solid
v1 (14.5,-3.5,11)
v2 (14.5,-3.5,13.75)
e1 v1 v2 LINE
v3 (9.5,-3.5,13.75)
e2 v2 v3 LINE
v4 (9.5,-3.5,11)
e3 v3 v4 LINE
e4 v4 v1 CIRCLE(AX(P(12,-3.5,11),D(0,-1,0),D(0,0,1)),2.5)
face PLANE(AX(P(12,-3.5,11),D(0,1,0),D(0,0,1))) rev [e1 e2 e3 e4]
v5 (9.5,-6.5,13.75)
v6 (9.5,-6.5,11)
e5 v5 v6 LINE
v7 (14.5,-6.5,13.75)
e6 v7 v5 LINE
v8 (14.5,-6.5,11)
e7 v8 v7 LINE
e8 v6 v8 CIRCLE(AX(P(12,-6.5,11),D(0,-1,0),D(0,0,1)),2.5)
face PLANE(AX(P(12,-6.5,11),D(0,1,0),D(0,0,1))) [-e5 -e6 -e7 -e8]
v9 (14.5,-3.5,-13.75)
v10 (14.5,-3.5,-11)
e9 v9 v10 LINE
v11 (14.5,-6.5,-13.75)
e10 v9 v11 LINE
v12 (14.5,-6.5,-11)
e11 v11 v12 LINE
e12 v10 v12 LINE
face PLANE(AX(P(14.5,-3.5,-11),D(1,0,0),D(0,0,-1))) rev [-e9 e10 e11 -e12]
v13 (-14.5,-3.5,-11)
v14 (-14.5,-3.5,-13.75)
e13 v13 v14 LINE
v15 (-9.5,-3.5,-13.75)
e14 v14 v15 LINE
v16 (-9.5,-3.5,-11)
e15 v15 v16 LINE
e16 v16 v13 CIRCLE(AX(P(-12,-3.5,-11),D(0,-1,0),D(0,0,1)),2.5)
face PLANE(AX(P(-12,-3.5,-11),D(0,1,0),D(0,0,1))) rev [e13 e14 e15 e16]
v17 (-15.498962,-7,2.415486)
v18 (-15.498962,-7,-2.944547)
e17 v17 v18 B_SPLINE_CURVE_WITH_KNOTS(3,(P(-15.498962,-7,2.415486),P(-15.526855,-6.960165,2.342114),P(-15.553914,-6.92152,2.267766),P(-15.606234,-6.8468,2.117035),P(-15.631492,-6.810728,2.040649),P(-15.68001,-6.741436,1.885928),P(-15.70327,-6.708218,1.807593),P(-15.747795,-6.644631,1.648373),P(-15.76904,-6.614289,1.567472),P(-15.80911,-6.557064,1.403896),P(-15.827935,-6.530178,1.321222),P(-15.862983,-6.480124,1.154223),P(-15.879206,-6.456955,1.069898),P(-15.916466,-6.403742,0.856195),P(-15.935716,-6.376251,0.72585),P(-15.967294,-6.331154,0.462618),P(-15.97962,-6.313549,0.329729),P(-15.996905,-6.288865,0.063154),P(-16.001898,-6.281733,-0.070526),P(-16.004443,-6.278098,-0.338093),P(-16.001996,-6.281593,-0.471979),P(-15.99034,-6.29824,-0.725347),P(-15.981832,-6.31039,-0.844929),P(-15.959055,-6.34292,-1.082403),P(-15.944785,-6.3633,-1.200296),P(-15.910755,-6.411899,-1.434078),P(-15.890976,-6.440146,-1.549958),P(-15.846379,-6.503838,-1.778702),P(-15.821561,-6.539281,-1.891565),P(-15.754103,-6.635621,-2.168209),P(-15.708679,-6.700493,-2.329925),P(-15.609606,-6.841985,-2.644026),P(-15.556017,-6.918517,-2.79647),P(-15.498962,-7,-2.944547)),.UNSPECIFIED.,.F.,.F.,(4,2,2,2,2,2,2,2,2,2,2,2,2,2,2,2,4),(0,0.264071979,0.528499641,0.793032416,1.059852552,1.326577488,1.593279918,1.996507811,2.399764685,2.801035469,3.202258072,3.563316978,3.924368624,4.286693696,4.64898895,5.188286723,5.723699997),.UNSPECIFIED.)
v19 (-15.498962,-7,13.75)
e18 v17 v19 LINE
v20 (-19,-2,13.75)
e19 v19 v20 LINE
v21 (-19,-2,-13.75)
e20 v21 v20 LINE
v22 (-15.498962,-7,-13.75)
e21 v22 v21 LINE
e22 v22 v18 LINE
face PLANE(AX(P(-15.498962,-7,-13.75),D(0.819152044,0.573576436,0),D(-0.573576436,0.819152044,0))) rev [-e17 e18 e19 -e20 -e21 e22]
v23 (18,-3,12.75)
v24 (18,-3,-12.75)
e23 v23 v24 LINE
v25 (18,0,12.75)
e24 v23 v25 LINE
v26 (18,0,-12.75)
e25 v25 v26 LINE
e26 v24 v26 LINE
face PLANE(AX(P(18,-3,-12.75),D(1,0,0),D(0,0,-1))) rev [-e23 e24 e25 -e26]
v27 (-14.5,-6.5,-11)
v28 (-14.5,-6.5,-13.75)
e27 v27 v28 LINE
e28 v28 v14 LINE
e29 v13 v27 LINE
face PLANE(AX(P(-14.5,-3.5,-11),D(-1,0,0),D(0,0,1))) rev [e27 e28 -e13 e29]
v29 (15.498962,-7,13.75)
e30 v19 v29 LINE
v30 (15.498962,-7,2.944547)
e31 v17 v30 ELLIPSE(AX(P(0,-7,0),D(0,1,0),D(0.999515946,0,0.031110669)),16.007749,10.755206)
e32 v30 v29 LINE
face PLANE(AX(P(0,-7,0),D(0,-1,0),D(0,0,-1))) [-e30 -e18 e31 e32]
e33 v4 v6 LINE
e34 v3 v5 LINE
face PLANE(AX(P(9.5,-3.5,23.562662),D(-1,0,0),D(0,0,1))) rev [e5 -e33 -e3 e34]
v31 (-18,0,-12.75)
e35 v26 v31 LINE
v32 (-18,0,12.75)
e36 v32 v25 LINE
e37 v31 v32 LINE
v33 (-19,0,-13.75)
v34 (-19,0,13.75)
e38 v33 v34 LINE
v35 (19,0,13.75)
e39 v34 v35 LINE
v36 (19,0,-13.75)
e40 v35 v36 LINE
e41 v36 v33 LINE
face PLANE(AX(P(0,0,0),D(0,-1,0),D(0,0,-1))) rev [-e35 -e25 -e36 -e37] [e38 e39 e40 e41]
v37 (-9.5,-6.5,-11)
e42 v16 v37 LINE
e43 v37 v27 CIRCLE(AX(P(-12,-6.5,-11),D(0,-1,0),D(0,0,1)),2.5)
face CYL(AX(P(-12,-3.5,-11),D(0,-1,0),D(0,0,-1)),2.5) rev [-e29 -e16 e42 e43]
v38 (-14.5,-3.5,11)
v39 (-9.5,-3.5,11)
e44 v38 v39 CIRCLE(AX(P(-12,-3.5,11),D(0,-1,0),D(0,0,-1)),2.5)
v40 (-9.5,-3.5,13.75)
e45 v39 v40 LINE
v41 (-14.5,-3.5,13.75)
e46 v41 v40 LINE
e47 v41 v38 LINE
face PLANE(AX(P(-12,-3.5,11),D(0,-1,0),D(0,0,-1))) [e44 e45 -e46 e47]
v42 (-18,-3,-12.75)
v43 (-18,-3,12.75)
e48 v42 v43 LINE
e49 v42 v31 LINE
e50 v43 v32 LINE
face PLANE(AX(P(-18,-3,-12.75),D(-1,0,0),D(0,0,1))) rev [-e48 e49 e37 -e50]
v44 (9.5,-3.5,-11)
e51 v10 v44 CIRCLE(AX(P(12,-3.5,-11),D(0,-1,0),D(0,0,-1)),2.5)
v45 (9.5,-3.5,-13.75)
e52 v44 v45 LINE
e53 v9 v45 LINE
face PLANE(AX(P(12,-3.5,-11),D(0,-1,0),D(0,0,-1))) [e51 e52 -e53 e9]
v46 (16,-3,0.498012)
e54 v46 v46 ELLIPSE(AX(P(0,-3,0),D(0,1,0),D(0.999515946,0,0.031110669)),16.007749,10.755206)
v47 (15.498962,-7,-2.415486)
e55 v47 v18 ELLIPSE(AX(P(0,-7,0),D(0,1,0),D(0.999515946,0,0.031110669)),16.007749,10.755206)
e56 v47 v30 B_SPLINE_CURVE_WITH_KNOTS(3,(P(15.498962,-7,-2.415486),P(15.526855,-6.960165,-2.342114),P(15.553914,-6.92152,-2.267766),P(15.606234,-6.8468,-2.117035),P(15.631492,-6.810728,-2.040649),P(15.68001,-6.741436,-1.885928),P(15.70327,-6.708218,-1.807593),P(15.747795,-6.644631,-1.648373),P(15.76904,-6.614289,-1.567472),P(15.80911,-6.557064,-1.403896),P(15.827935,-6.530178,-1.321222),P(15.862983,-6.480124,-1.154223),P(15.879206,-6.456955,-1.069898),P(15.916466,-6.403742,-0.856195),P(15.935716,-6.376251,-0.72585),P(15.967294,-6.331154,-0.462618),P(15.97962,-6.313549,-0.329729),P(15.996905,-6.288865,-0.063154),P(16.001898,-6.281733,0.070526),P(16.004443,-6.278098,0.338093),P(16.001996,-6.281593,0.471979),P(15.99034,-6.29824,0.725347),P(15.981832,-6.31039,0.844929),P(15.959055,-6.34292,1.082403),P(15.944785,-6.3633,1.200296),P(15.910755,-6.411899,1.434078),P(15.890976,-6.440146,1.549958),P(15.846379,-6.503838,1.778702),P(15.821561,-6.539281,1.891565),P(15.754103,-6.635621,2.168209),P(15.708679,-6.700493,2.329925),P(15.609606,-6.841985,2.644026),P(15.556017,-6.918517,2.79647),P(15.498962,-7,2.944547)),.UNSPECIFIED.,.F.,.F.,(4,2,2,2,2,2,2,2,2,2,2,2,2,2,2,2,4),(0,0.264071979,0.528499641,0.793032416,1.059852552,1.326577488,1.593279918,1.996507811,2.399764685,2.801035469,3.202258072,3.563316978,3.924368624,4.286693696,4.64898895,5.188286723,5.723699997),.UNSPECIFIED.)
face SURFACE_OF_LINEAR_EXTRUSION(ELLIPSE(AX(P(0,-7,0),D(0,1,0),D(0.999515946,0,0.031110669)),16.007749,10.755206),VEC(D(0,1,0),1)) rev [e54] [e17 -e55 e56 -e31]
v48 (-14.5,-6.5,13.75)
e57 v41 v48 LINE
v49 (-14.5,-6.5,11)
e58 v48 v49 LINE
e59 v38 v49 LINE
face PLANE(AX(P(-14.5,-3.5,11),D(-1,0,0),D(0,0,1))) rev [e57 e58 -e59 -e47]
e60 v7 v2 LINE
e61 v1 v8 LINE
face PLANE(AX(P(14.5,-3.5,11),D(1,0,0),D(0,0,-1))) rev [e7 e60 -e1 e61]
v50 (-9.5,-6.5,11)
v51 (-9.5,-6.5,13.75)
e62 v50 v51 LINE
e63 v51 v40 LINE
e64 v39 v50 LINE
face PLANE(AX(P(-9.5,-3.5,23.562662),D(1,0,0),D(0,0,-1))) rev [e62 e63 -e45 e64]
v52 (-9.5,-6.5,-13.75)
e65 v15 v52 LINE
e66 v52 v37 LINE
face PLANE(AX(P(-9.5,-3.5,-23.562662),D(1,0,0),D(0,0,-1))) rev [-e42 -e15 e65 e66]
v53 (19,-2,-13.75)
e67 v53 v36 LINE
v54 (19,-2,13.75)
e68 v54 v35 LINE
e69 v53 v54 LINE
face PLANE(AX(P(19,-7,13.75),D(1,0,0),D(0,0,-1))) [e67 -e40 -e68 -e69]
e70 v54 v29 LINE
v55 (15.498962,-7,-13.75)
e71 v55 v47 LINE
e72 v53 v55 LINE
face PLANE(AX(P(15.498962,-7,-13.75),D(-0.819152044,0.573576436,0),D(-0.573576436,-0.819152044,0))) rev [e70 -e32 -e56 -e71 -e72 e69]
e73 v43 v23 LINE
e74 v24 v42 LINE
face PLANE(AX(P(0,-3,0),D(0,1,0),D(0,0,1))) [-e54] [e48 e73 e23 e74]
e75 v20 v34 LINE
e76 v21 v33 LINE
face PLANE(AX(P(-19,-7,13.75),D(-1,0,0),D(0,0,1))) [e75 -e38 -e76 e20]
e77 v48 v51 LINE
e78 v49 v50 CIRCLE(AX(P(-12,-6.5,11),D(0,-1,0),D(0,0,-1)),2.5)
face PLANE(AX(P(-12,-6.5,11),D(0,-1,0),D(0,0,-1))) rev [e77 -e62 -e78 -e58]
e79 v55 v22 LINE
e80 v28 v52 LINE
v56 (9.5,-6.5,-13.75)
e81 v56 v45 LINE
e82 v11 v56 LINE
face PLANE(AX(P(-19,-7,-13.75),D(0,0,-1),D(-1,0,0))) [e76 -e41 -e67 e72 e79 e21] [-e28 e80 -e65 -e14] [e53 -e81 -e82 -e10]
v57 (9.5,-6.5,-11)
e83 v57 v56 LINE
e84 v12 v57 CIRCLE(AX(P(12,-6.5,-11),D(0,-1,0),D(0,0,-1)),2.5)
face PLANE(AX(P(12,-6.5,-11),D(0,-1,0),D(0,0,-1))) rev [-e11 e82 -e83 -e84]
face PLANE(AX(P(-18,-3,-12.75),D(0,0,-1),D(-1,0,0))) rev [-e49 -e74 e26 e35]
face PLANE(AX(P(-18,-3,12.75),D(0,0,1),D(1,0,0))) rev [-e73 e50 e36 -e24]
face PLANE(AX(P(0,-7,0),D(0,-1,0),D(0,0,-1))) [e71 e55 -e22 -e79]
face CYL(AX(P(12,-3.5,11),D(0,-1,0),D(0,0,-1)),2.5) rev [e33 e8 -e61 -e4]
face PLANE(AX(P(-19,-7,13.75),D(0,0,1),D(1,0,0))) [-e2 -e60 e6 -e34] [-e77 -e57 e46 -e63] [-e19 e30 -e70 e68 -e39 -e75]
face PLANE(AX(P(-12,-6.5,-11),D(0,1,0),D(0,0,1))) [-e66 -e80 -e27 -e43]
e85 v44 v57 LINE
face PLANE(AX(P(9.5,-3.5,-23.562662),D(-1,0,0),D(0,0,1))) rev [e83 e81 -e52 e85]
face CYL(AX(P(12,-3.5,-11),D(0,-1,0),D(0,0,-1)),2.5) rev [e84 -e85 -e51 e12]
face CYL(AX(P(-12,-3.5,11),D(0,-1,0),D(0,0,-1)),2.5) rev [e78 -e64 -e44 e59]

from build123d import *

# Parameters (mm, degrees)
SKETCH1_W               = 38
SKETCH1_H               = 27.5
BOSS_EXTRUDE1_DEPTH     = 7
SKETCH2_W               = 36
SKETCH2_H               = 25.5
CUT_EXTRUDE1_DEPTH      = 3
SKETCH3_RX              = 16.007748615
SKETCH3_RY              = 10.755206101
CUT_EXTRUDE2_DEPTH      = 4
CUT_EXTRUDE2_DEPTH_BACK = 5
CUT_EXTRUDE4_DEPTH      = 1.5
CUT_EXTRUDE5_DEPTH      = 14.7500001
CUT_EXTRUDE5_DEPTH_BACK = 14.7500001


with BuildPart() as part:
    # Sketch1 → Boss-Extrude1 (new body)
    with BuildSketch(Plane(origin=(0, 0, 0), x_dir=(1, 0, 0), z_dir=(0, 1, 0))):
        Rectangle(SKETCH1_W, SKETCH1_H)
    extrude(amount=-BOSS_EXTRUDE1_DEPTH)

    # Sketch2 → Cut-Extrude1 (cut)
    with BuildSketch(Plane(origin=(0, 0, 0), x_dir=(1, 0, 0), z_dir=(0, 1, 0))):
        Rectangle(SKETCH2_W, SKETCH2_H)
    extrude(amount=-CUT_EXTRUDE1_DEPTH, mode=Mode.SUBTRACT)

    # Sketch3 → Cut-Extrude2 (cut, two sides)
    with BuildSketch(Plane(origin=(0, -3, 0), x_dir=(1, 0, 0), z_dir=(0, 1, 0))) as cut_extrude2_sk:
        with Locations(Location((0, 0), (0, 0, -1.782797699))):
            Ellipse(SKETCH3_RX, SKETCH3_RY)
    extrude(amount=CUT_EXTRUDE2_DEPTH, mode=Mode.SUBTRACT)
    extrude(cut_extrude2_sk.sketch, amount=-CUT_EXTRUDE2_DEPTH_BACK, mode=Mode.SUBTRACT)

    # Sketch8 → Cut-Extrude4 (cut, symmetric)
    with BuildSketch(Plane(origin=(0, -5, 0), x_dir=(-1, 0, 0), z_dir=(0, -1, 0))):
        with BuildLine():
            Line((-14.5, 11), (-14.5, 23.562662058))
            Line((-14.5, 23.562662058), (-9.5, 23.562662058))
            Line((-9.5, 23.562662058), (-9.5, 11))
            ThreePointArc((-9.5, 11), (-12, 8.5), (-14.5, 11))
        make_face()
        with BuildLine():
            Line((9.5, 23.562662058), (9.5, 11))
            ThreePointArc((9.5, 11), (12, 8.5), (14.5, 11))
            Line((14.5, 11), (14.5, 23.562662058))
            Line((14.5, 23.562662058), (9.5, 23.562662058))
        make_face()
        with BuildLine():
            Line((14.5, -11), (14.5, -23.562662058))
            Line((14.5, -23.562662058), (9.5, -23.562662058))
            Line((9.5, -23.562662058), (9.5, -11))
            ThreePointArc((9.5, -11), (12, -8.5), (14.5, -11))
        make_face()
        with BuildLine():
            Line((-9.5, -23.562662058), (-9.5, -11))
            ThreePointArc((-9.5, -11), (-12, -8.5), (-14.5, -11))
            Line((-14.5, -11), (-14.5, -23.562662058))
            Line((-14.5, -23.562662058), (-9.5, -23.562662058))
        make_face()
    extrude(amount=CUT_EXTRUDE4_DEPTH, both=True, mode=Mode.SUBTRACT)

    # Sketch9 → Cut-Extrude5 (cut, two sides)
    with BuildSketch(Plane.XY) as cut_extrude5_sk:
        Polygon((-15.498962309, -7), (-19, -2), (-19, -7), align=None)
        Polygon((19, -7), (15.498962309, -7), (19, -2), align=None)
    extrude(amount=CUT_EXTRUDE5_DEPTH, mode=Mode.SUBTRACT)
    extrude(cut_extrude5_sk.sketch, amount=-CUT_EXTRUDE5_DEPTH_BACK, mode=Mode.SUBTRACT)


solid = part.part
